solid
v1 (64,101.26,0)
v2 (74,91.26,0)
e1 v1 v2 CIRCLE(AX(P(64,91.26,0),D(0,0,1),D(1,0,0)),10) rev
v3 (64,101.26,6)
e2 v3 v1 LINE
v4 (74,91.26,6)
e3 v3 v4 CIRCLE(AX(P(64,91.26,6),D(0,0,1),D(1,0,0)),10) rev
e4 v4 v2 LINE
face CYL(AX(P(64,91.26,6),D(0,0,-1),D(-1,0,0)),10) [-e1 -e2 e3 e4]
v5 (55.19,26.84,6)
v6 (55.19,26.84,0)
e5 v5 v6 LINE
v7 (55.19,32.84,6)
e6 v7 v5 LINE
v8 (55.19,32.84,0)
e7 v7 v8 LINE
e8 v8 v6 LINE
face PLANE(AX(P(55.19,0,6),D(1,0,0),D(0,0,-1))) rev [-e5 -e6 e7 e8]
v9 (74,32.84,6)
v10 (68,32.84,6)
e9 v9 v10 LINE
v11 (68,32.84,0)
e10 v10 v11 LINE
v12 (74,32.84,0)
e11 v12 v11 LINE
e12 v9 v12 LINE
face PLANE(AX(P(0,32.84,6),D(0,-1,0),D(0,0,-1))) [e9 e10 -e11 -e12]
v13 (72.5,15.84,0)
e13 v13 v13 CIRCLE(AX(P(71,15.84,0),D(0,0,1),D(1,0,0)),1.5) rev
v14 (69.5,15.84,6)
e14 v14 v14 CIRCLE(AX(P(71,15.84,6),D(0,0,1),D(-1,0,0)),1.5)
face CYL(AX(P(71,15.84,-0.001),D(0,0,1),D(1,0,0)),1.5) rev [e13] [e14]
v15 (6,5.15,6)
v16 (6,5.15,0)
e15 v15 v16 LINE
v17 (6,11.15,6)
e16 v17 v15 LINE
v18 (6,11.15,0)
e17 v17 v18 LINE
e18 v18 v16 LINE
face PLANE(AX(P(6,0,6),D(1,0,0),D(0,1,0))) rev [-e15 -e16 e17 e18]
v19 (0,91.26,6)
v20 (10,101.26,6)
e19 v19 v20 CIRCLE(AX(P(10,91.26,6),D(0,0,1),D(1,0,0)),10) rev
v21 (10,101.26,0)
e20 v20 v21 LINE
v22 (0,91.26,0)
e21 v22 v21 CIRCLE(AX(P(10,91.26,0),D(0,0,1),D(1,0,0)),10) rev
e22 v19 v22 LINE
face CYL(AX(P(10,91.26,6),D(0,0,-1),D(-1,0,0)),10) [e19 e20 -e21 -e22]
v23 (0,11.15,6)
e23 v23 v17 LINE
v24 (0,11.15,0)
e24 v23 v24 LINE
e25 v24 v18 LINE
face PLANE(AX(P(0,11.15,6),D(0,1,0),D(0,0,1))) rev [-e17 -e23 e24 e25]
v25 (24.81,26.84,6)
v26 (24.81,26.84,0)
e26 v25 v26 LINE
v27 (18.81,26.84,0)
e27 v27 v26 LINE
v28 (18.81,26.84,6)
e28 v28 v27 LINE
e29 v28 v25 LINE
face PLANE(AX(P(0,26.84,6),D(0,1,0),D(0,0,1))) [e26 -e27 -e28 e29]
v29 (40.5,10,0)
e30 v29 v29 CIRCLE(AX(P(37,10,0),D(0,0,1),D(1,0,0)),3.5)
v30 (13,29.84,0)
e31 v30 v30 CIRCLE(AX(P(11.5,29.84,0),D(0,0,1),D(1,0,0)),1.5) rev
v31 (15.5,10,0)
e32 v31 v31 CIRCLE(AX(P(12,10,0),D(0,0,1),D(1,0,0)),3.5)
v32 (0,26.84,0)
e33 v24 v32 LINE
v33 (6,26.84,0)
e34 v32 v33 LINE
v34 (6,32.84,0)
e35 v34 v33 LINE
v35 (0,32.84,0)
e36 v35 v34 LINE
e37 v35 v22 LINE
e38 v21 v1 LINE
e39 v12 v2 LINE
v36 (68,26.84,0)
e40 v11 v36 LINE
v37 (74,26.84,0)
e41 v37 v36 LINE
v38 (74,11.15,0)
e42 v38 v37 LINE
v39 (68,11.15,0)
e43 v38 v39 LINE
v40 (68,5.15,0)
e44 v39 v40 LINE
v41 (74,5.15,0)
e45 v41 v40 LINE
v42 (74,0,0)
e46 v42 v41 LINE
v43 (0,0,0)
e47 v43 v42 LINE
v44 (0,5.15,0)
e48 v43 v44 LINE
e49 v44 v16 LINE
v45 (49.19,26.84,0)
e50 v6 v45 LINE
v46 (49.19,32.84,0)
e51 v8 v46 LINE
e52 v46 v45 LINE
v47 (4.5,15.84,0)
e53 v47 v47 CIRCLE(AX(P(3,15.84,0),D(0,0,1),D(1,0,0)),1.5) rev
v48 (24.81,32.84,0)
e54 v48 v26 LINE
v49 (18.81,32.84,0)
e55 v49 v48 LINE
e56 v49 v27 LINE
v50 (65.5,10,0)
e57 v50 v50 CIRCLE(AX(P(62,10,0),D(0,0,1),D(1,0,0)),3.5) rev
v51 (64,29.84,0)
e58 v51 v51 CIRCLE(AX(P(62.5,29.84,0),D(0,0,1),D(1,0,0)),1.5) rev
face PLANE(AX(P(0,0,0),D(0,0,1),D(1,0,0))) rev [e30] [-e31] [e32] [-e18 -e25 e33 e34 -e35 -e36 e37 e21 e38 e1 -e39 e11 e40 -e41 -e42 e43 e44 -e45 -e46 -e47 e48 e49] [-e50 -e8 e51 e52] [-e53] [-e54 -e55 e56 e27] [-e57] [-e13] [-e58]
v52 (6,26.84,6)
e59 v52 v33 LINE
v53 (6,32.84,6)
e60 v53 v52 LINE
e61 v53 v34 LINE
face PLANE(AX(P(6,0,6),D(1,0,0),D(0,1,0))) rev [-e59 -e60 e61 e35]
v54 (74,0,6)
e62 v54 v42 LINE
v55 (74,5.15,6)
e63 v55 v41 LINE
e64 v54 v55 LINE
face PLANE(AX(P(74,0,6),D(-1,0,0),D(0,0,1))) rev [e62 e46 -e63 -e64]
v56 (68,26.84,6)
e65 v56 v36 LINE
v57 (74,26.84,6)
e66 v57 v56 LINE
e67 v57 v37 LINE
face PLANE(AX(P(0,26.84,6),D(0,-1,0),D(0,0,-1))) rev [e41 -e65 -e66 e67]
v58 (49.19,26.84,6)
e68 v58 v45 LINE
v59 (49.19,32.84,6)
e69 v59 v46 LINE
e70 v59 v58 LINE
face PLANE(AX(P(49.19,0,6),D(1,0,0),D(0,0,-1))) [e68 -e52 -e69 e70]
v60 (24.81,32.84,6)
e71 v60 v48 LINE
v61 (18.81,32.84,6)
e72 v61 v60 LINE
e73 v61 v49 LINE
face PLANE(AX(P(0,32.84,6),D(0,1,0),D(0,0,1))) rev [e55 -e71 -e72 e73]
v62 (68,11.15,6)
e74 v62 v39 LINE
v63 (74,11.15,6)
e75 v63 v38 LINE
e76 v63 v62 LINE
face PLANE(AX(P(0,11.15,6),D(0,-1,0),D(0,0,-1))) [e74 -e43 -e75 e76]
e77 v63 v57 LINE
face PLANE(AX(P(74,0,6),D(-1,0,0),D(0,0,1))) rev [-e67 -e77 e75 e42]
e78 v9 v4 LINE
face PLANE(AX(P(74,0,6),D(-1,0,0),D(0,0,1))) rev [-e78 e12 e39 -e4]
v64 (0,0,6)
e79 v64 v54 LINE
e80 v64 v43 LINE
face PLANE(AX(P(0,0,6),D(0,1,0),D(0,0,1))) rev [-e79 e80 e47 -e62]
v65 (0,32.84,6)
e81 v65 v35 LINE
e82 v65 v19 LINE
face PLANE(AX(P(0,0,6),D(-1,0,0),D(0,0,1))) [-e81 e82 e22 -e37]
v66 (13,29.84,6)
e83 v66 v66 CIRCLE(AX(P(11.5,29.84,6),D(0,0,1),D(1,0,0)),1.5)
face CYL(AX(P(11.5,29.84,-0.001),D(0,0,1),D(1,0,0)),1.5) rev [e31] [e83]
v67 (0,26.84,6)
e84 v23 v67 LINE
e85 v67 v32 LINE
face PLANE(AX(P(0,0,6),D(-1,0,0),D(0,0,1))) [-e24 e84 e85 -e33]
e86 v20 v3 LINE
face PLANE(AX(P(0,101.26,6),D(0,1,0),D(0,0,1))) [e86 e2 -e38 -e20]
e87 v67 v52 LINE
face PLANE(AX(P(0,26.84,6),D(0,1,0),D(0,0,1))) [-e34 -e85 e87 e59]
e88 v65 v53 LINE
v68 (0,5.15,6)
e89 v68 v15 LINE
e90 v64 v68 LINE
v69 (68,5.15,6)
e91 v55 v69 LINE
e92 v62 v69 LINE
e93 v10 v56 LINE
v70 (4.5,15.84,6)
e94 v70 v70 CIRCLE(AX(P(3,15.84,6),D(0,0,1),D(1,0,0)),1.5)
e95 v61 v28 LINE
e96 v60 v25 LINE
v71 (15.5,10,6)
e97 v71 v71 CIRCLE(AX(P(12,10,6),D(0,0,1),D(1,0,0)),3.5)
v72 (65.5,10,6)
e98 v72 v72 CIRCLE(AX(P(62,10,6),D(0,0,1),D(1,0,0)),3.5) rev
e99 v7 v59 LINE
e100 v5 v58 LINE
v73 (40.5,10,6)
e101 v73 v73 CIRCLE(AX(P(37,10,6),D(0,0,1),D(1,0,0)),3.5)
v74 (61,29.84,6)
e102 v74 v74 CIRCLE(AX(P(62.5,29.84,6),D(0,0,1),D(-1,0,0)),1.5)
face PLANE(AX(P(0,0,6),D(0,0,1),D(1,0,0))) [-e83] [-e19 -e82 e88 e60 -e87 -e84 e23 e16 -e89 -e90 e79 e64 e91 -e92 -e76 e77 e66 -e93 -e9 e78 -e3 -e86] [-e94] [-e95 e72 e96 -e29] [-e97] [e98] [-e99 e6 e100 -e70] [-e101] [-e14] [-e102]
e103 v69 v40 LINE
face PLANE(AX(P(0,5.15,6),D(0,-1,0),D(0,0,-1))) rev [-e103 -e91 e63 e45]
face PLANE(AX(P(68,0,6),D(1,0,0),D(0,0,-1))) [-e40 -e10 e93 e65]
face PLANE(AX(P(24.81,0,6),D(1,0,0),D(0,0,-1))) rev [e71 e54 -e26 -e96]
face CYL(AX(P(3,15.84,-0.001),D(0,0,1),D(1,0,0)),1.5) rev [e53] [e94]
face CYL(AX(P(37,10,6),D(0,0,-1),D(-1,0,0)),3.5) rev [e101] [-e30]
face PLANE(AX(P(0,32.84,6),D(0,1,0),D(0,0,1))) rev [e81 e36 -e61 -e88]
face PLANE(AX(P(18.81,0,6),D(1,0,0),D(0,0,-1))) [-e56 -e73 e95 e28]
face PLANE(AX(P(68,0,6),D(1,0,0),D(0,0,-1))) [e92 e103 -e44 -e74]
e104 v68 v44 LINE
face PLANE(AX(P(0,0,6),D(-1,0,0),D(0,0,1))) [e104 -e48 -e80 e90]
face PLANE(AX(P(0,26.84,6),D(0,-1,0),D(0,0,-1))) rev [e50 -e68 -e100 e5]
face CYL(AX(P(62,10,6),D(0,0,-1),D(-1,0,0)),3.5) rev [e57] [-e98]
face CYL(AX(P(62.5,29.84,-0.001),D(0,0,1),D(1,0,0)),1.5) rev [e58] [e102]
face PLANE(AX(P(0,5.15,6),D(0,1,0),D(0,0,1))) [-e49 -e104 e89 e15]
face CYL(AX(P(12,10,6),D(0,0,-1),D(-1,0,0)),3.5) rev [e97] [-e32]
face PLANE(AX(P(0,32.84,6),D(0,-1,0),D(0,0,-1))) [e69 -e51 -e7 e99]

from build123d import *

# Parameters (mm, degrees)
SKETCH1_R           = 3.5
SKETCH1_W           = 6
SKETCH1_H           = 6
BOSS_EXTRUDE1_DEPTH = 6
CUT_EXTRUDE1_REACH  = 8
SKETCH2_R           = 1.5


with BuildPart() as part:
    # Sketch1 → Boss-Extrude1 (new body)
    with BuildSketch(Plane.XY):
        with BuildLine():
            Line((0, 5.15), (0, 0))
            Line((0, 0), (74, 0))
            Line((74, 0), (74, 5.15))
            Line((74, 5.15), (68, 5.15))
            Line((68, 5.15), (68, 11.15))
            Line((68, 11.15), (74, 11.15))
            Line((74, 11.15), (74, 26.84))
            Line((74, 26.84), (68, 26.84))
            Line((68, 26.84), (68, 32.84))
            Line((68, 32.84), (74, 32.84))
            Line((74, 32.84), (74, 91.26))
            ThreePointArc((74, 91.26), (71.071067812, 98.331067812), (64, 101.26))
            Line((64, 101.26), (10, 101.26))
            ThreePointArc((10, 101.26), (2.928932188, 98.331067812), (0, 91.26))
            Line((0, 91.26), (0, 32.84))
            Line((0, 32.84), (6, 32.84))
            Line((6, 32.84), (6, 26.84))
            Line((6, 26.84), (0, 26.84))
            Line((0, 26.84), (0, 11.15))
            Line((0, 11.15), (6, 11.15))
            Line((6, 11.15), (6, 5.15))
            Line((6, 5.15), (0, 5.15))
        make_face()
        with Locations((12, 10)):
            Circle(SKETCH1_R, mode=Mode.SUBTRACT)
        with Locations((21.81, 29.84)):
            Rectangle(SKETCH1_W, SKETCH1_H, mode=Mode.SUBTRACT)
        with Locations((37, 10)):
            Circle(SKETCH1_R, mode=Mode.SUBTRACT)
        with Locations((62, 10)):
            Circle(SKETCH1_R, mode=Mode.SUBTRACT)
        with Locations((52.19, 29.84)):
            Rectangle(SKETCH1_W, SKETCH1_H, mode=Mode.SUBTRACT)
    extrude(amount=BOSS_EXTRUDE1_DEPTH)

    # Sketch2 → Cut-Extrude1 (cut, up to next)
    with BuildSketch(Plane.XY.offset(6), mode=Mode.PRIVATE) as cut_extrude1_sk1:
        with Locations((3, 15.84)):
            Circle(SKETCH2_R)
    cut_extrude1_tool1 = extrude(cut_extrude1_sk1.sketch, amount=-CUT_EXTRUDE1_REACH, mode=Mode.PRIVATE) & part.part
    add(cut_extrude1_tool1.solids().sort_by_distance((3, 15.84, 6))[0], mode=Mode.SUBTRACT)
    # Sketch2 → Cut-Extrude1 (cut, up to next)
    with BuildSketch(Plane.XY.offset(6), mode=Mode.PRIVATE) as cut_extrude1_sk2:
        with Locations((11.5, 29.84)):
            Circle(SKETCH2_R)
    cut_extrude1_tool2 = extrude(cut_extrude1_sk2.sketch, amount=-CUT_EXTRUDE1_REACH, mode=Mode.PRIVATE) & part.part
    add(cut_extrude1_tool2.solids().sort_by_distance((11.5, 29.84, 6))[0], mode=Mode.SUBTRACT)
    # Sketch2 → Cut-Extrude1 (cut, up to next)
    with BuildSketch(Plane.XY.offset(6), mode=Mode.PRIVATE) as cut_extrude1_sk3:
        with Locations((62.5, 29.84)):
            Circle(SKETCH2_R)
    cut_extrude1_tool3 = extrude(cut_extrude1_sk3.sketch, amount=-CUT_EXTRUDE1_REACH, mode=Mode.PRIVATE) & part.part
    add(cut_extrude1_tool3.solids().sort_by_distance((62.5, 29.84, 6))[0], mode=Mode.SUBTRACT)
    # Sketch2 → Cut-Extrude1 (cut, up to next)
    with BuildSketch(Plane.XY.offset(6), mode=Mode.PRIVATE) as cut_extrude1_sk4:
        with Locations((71, 15.84)):
            Circle(SKETCH2_R)
    cut_extrude1_tool4 = extrude(cut_extrude1_sk4.sketch, amount=-CUT_EXTRUDE1_REACH, mode=Mode.PRIVATE) & part.part
    add(cut_extrude1_tool4.solids().sort_by_distance((71, 15.84, 6))[0], mode=Mode.SUBTRACT)


solid = part.part
